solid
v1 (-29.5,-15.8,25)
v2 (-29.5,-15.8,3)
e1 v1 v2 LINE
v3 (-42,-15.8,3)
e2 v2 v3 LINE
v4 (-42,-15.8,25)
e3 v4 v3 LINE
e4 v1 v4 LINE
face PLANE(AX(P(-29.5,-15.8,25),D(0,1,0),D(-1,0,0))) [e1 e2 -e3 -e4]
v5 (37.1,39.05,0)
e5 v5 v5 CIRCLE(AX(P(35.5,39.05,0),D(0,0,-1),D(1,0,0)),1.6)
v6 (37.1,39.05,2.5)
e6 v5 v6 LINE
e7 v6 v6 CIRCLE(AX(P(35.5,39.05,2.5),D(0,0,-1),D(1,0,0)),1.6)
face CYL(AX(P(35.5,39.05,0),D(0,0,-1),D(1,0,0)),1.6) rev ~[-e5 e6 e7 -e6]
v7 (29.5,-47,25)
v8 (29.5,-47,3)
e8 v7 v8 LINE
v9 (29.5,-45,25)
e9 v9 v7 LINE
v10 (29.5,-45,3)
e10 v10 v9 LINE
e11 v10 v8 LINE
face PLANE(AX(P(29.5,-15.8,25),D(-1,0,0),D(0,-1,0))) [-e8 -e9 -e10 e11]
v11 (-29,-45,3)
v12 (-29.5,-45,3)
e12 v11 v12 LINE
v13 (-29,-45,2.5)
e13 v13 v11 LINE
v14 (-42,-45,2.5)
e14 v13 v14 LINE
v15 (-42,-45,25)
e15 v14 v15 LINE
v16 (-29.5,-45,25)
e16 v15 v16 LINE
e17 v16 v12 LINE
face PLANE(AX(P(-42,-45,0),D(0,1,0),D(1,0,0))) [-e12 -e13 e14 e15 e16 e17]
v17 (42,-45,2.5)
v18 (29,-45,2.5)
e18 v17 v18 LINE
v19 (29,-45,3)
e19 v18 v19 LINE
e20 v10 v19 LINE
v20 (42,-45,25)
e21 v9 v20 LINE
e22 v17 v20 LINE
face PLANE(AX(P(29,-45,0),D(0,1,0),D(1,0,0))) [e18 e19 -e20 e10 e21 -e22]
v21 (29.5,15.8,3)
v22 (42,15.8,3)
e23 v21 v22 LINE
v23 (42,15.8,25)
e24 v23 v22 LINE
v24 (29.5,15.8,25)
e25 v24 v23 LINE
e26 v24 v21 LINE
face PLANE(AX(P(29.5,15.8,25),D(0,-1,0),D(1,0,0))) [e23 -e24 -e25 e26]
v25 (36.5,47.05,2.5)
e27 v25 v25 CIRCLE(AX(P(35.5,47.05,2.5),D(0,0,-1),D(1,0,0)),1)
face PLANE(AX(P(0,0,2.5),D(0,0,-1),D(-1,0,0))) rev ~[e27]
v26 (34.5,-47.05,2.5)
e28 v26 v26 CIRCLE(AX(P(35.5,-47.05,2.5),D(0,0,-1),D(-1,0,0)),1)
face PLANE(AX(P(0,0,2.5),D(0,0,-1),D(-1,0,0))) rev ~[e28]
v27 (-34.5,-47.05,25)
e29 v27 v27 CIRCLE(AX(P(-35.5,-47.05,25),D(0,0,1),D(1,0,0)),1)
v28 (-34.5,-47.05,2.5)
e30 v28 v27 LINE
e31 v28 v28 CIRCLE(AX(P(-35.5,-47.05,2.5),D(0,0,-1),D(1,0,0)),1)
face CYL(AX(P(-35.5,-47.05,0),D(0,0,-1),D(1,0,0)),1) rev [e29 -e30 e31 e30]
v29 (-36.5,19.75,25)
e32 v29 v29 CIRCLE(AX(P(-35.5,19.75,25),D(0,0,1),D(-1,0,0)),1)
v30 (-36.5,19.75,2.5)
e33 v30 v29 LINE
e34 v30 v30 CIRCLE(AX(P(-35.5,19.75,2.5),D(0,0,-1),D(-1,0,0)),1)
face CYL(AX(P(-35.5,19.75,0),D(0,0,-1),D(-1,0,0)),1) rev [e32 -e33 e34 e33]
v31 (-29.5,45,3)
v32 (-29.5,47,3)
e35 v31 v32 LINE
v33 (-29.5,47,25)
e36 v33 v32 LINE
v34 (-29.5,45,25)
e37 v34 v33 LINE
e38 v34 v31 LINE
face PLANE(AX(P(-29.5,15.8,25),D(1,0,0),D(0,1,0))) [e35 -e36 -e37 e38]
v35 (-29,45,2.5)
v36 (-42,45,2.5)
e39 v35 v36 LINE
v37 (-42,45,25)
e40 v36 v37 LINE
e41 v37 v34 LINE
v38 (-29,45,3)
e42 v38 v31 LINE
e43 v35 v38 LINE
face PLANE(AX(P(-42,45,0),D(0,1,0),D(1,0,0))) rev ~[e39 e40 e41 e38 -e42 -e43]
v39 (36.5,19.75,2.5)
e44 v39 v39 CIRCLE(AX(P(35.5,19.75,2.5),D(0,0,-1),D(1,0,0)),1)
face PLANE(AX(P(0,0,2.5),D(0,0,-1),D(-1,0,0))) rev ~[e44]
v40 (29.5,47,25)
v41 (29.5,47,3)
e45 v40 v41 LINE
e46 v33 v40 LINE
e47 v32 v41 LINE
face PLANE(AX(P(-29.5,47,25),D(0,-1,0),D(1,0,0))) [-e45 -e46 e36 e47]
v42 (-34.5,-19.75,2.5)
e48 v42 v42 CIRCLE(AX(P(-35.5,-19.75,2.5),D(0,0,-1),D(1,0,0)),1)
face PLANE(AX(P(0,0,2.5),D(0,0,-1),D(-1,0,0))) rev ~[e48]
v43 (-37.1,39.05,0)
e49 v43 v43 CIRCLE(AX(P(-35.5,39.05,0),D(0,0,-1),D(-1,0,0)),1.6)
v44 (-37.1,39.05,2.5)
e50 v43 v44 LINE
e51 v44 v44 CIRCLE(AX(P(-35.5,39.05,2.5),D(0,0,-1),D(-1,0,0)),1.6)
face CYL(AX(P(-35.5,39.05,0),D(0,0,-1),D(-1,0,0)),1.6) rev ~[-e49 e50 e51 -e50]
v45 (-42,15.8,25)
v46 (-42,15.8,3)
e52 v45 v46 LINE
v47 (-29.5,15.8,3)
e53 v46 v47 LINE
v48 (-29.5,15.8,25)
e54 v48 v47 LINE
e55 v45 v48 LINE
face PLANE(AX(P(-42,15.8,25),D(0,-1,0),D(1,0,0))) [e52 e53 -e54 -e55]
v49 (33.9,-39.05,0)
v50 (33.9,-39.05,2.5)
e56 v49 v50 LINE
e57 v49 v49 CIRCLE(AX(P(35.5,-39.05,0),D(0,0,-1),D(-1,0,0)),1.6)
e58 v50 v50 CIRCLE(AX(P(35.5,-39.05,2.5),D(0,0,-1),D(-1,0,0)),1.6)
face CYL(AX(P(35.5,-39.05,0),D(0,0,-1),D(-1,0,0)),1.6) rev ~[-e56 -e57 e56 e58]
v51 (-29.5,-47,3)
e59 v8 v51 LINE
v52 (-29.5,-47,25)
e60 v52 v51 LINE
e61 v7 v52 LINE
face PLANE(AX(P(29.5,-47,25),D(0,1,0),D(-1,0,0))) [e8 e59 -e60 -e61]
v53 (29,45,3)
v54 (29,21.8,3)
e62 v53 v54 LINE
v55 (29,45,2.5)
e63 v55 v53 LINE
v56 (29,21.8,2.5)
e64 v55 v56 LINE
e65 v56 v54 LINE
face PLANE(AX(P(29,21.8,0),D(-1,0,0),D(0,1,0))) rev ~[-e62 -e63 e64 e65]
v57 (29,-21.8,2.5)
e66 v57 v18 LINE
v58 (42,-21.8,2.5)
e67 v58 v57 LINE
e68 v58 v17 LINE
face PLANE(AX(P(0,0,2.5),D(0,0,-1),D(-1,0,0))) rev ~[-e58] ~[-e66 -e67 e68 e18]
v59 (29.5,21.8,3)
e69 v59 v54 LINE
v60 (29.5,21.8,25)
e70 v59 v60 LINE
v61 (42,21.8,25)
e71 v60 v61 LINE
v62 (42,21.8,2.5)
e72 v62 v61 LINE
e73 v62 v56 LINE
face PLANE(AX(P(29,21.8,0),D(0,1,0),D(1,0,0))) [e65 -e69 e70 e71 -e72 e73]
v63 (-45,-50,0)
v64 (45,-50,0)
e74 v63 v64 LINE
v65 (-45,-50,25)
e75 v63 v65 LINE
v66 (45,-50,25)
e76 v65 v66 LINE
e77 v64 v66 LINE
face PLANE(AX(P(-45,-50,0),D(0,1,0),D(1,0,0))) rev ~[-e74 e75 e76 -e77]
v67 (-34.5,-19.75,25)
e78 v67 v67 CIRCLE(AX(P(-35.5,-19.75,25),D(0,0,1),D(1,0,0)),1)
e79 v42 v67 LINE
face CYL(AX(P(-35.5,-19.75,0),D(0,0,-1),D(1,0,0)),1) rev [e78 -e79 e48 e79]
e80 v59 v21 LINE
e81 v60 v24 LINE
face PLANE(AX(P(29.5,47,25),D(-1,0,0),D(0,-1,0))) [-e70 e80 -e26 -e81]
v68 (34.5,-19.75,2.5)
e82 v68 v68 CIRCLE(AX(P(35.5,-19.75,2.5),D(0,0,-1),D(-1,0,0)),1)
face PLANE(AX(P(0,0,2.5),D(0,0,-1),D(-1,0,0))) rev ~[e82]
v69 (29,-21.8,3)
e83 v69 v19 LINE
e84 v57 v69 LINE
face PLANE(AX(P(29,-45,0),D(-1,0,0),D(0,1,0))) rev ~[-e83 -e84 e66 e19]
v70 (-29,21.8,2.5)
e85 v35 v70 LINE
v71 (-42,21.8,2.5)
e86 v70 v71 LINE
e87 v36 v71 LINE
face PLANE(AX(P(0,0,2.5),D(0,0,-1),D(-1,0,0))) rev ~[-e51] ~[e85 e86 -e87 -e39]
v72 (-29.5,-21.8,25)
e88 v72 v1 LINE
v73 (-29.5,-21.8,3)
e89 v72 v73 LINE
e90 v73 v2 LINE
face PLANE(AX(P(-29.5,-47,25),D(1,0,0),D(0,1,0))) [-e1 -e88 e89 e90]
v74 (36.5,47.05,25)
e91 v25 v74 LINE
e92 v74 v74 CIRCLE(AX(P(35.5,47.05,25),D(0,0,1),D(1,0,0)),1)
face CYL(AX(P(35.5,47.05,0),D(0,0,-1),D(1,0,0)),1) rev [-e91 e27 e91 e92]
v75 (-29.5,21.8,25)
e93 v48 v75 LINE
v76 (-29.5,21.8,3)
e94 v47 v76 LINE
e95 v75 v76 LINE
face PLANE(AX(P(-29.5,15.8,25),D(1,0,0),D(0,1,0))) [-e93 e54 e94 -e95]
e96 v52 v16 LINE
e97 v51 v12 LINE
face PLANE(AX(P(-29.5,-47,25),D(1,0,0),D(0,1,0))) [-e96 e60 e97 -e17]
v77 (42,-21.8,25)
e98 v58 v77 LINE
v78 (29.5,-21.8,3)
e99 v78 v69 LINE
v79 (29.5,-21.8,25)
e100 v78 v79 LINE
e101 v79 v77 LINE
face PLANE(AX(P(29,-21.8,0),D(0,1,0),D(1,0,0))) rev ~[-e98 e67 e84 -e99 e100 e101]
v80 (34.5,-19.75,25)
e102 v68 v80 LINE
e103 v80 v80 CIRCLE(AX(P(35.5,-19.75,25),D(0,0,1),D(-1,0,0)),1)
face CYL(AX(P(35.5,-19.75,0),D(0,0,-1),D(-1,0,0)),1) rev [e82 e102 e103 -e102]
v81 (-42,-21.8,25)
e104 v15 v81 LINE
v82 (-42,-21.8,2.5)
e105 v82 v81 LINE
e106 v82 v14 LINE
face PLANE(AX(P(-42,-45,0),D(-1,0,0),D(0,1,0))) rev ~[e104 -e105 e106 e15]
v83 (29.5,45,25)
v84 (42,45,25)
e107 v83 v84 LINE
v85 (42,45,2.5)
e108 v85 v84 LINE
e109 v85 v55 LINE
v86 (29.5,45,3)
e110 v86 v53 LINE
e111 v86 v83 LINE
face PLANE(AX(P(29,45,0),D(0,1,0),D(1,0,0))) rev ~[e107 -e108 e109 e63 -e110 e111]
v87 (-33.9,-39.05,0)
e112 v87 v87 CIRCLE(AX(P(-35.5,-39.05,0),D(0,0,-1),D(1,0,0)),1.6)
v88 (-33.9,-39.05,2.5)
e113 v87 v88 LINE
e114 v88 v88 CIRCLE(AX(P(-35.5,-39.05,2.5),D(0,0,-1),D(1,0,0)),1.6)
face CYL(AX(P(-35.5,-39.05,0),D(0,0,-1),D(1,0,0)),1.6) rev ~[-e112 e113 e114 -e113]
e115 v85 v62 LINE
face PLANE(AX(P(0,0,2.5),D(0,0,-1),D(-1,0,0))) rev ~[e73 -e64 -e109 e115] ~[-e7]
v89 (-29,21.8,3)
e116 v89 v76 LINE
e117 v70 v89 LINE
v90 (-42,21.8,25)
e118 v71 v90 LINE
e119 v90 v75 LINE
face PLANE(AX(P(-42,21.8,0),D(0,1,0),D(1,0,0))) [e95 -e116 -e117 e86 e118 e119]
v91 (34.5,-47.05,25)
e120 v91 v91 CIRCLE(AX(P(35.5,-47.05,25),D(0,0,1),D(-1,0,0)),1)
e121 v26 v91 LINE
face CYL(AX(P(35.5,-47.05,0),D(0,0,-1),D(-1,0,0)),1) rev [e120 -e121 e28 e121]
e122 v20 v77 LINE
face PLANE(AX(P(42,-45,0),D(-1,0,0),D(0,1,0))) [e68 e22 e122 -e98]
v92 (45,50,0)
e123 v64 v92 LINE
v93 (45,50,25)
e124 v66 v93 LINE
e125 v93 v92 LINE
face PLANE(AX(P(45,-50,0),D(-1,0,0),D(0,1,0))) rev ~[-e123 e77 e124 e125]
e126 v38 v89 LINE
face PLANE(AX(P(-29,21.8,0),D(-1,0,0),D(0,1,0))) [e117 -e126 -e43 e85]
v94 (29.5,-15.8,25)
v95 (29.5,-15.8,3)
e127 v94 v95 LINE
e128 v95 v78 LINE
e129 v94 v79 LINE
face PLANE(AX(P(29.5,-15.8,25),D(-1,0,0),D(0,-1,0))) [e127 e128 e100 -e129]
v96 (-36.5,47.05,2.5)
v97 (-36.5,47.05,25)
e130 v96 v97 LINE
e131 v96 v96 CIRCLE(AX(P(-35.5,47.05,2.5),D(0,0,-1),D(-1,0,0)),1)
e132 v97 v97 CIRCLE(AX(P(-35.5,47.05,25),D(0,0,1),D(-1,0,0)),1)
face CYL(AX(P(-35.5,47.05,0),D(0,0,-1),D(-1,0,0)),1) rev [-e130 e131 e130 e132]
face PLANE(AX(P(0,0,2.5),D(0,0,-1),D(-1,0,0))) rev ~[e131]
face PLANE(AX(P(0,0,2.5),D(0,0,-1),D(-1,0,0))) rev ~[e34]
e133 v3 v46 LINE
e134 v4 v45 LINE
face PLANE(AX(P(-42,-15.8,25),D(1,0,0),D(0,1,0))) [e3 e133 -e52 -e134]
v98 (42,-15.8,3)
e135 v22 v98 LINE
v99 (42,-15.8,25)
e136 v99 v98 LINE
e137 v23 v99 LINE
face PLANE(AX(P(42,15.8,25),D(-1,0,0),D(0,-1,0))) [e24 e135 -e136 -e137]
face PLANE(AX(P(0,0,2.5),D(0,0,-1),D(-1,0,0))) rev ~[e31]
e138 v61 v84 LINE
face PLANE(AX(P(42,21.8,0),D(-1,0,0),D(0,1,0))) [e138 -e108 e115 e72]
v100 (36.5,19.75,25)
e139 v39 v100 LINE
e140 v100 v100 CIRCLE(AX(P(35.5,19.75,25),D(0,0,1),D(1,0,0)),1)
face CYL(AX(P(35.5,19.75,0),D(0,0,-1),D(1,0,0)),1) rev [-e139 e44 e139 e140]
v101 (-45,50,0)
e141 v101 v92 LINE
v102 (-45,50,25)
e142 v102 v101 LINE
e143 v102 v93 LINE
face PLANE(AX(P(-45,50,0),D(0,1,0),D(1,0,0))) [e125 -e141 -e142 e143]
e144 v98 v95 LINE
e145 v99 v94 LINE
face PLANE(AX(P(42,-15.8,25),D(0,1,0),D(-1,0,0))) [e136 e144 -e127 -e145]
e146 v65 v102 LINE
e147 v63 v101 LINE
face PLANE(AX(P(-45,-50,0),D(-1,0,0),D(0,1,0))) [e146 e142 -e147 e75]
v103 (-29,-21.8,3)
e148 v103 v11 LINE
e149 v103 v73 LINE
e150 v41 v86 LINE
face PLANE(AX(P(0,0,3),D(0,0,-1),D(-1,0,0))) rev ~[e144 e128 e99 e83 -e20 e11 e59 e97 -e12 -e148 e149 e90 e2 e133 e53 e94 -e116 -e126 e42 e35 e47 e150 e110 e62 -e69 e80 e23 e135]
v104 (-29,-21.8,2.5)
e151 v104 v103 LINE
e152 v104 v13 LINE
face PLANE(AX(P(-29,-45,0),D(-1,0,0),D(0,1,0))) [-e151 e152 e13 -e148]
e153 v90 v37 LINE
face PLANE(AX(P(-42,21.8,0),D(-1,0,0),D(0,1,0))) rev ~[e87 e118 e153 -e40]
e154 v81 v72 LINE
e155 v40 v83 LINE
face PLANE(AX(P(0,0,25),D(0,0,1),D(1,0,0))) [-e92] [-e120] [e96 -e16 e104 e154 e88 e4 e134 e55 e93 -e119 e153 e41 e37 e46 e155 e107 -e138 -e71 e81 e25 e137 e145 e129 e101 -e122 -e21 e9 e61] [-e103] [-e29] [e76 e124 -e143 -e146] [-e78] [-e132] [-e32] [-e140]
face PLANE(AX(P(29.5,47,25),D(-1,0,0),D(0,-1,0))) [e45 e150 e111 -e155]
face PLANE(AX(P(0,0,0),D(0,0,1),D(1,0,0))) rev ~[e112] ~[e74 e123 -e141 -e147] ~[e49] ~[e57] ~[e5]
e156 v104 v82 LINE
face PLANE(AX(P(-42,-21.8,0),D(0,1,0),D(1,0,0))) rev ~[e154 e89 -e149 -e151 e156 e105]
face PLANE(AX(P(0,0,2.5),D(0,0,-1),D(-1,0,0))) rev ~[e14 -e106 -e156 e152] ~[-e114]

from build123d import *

# Parameters (mm, degrees)
ESBO_O1_W                = 90
ESBO_O1_H                = 100
ESBO_O1_R                = 1
ESBO_O1_W_2              = 13
ESBO_O1_H_2              = 23.2
RESSALTO_EXTRUS_O1_DEPTH = 25
CORTE_EXTRUS_O1_DEPTH    = 22
ESBO_O4_W                = 90
ESBO_O4_H                = 100
ESBO_O4_R                = 1.6
RESSALTO_EXTRUS_O2_DEPTH = 2.5


with BuildPart() as part:
    # Esboço1 → Ressalto-extrusão1 (new body)
    with BuildSketch(Plane.XY):
        Rectangle(ESBO_O1_W, ESBO_O1_H)
        with Locations((35.5, 19.75)):
            Circle(ESBO_O1_R, mode=Mode.SUBTRACT)
        with Locations((35.5, 47.05)):
            Circle(ESBO_O1_R, mode=Mode.SUBTRACT)
        with Locations(Location((35.5, -47.05, 0), (0, 0, 180))):
            Circle(ESBO_O1_R, mode=Mode.SUBTRACT)
        with Locations(Location((35.5, -19.75, 0), (0, 0, 180))):
            Circle(ESBO_O1_R, mode=Mode.SUBTRACT)
        with Locations((-35.5, -19.75)):
            Circle(ESBO_O1_R, mode=Mode.SUBTRACT)
        with Locations((-35.5, -47.05)):
            Circle(ESBO_O1_R, mode=Mode.SUBTRACT)
        with Locations(Location((-35.5, 47.05, 0), (0, 0, 180))):
            Circle(ESBO_O1_R, mode=Mode.SUBTRACT)
        with Locations(Location((-35.5, 19.75, 0), (0, 0, 180))):
            Circle(ESBO_O1_R, mode=Mode.SUBTRACT)
        with Locations((35.5, 33.4)):
            Rectangle(ESBO_O1_W_2, ESBO_O1_H_2, mode=Mode.SUBTRACT)
        with Locations((35.5, -33.4)):
            Rectangle(ESBO_O1_W_2, ESBO_O1_H_2, mode=Mode.SUBTRACT)
        with Locations((-35.5, -33.4)):
            Rectangle(ESBO_O1_W_2, ESBO_O1_H_2, mode=Mode.SUBTRACT)
        with Locations((-35.5, 33.4)):
            Rectangle(ESBO_O1_W_2, ESBO_O1_H_2, mode=Mode.SUBTRACT)
    extrude(amount=RESSALTO_EXTRUS_O1_DEPTH)

    # Esboço3 → Corte-extrusão1 (cut)
    with BuildSketch(Plane.XY.offset(25)):
        Polygon((-29.5, 47), (29.5, 47), (29.5, 15.8), (42, 15.8), (42, -15.8), (29.5, -15.8), (29.5, -47), (-29.5, -47), (-29.5, -15.8), (-42, -15.8), (-42, 15.8), (-29.5, 15.8), align=None)
    extrude(amount=-CORTE_EXTRUS_O1_DEPTH, mode=Mode.SUBTRACT)

    # Esboço4 → Ressalto-extrusão2 (add)
    with BuildSketch(Plane(origin=(0, 0, 0), x_dir=(-1, 0, 0), z_dir=(0, 0, -1))):
        Rectangle(ESBO_O4_W, ESBO_O4_H)
        with Locations((-35.5, -39.05)):
            Circle(ESBO_O4_R, mode=Mode.SUBTRACT)
        with Locations(Location((-35.5, 39.05, 0), (0, 0, 180))):
            Circle(ESBO_O4_R, mode=Mode.SUBTRACT)
        with Locations((35.5, 39.05)):
            Circle(ESBO_O4_R, mode=Mode.SUBTRACT)
        with Locations(Location((35.5, -39.05, 0), (0, 0, 180))):
            Circle(ESBO_O4_R, mode=Mode.SUBTRACT)
    extrude(amount=-RESSALTO_EXTRUS_O2_DEPTH)


solid = part.part
